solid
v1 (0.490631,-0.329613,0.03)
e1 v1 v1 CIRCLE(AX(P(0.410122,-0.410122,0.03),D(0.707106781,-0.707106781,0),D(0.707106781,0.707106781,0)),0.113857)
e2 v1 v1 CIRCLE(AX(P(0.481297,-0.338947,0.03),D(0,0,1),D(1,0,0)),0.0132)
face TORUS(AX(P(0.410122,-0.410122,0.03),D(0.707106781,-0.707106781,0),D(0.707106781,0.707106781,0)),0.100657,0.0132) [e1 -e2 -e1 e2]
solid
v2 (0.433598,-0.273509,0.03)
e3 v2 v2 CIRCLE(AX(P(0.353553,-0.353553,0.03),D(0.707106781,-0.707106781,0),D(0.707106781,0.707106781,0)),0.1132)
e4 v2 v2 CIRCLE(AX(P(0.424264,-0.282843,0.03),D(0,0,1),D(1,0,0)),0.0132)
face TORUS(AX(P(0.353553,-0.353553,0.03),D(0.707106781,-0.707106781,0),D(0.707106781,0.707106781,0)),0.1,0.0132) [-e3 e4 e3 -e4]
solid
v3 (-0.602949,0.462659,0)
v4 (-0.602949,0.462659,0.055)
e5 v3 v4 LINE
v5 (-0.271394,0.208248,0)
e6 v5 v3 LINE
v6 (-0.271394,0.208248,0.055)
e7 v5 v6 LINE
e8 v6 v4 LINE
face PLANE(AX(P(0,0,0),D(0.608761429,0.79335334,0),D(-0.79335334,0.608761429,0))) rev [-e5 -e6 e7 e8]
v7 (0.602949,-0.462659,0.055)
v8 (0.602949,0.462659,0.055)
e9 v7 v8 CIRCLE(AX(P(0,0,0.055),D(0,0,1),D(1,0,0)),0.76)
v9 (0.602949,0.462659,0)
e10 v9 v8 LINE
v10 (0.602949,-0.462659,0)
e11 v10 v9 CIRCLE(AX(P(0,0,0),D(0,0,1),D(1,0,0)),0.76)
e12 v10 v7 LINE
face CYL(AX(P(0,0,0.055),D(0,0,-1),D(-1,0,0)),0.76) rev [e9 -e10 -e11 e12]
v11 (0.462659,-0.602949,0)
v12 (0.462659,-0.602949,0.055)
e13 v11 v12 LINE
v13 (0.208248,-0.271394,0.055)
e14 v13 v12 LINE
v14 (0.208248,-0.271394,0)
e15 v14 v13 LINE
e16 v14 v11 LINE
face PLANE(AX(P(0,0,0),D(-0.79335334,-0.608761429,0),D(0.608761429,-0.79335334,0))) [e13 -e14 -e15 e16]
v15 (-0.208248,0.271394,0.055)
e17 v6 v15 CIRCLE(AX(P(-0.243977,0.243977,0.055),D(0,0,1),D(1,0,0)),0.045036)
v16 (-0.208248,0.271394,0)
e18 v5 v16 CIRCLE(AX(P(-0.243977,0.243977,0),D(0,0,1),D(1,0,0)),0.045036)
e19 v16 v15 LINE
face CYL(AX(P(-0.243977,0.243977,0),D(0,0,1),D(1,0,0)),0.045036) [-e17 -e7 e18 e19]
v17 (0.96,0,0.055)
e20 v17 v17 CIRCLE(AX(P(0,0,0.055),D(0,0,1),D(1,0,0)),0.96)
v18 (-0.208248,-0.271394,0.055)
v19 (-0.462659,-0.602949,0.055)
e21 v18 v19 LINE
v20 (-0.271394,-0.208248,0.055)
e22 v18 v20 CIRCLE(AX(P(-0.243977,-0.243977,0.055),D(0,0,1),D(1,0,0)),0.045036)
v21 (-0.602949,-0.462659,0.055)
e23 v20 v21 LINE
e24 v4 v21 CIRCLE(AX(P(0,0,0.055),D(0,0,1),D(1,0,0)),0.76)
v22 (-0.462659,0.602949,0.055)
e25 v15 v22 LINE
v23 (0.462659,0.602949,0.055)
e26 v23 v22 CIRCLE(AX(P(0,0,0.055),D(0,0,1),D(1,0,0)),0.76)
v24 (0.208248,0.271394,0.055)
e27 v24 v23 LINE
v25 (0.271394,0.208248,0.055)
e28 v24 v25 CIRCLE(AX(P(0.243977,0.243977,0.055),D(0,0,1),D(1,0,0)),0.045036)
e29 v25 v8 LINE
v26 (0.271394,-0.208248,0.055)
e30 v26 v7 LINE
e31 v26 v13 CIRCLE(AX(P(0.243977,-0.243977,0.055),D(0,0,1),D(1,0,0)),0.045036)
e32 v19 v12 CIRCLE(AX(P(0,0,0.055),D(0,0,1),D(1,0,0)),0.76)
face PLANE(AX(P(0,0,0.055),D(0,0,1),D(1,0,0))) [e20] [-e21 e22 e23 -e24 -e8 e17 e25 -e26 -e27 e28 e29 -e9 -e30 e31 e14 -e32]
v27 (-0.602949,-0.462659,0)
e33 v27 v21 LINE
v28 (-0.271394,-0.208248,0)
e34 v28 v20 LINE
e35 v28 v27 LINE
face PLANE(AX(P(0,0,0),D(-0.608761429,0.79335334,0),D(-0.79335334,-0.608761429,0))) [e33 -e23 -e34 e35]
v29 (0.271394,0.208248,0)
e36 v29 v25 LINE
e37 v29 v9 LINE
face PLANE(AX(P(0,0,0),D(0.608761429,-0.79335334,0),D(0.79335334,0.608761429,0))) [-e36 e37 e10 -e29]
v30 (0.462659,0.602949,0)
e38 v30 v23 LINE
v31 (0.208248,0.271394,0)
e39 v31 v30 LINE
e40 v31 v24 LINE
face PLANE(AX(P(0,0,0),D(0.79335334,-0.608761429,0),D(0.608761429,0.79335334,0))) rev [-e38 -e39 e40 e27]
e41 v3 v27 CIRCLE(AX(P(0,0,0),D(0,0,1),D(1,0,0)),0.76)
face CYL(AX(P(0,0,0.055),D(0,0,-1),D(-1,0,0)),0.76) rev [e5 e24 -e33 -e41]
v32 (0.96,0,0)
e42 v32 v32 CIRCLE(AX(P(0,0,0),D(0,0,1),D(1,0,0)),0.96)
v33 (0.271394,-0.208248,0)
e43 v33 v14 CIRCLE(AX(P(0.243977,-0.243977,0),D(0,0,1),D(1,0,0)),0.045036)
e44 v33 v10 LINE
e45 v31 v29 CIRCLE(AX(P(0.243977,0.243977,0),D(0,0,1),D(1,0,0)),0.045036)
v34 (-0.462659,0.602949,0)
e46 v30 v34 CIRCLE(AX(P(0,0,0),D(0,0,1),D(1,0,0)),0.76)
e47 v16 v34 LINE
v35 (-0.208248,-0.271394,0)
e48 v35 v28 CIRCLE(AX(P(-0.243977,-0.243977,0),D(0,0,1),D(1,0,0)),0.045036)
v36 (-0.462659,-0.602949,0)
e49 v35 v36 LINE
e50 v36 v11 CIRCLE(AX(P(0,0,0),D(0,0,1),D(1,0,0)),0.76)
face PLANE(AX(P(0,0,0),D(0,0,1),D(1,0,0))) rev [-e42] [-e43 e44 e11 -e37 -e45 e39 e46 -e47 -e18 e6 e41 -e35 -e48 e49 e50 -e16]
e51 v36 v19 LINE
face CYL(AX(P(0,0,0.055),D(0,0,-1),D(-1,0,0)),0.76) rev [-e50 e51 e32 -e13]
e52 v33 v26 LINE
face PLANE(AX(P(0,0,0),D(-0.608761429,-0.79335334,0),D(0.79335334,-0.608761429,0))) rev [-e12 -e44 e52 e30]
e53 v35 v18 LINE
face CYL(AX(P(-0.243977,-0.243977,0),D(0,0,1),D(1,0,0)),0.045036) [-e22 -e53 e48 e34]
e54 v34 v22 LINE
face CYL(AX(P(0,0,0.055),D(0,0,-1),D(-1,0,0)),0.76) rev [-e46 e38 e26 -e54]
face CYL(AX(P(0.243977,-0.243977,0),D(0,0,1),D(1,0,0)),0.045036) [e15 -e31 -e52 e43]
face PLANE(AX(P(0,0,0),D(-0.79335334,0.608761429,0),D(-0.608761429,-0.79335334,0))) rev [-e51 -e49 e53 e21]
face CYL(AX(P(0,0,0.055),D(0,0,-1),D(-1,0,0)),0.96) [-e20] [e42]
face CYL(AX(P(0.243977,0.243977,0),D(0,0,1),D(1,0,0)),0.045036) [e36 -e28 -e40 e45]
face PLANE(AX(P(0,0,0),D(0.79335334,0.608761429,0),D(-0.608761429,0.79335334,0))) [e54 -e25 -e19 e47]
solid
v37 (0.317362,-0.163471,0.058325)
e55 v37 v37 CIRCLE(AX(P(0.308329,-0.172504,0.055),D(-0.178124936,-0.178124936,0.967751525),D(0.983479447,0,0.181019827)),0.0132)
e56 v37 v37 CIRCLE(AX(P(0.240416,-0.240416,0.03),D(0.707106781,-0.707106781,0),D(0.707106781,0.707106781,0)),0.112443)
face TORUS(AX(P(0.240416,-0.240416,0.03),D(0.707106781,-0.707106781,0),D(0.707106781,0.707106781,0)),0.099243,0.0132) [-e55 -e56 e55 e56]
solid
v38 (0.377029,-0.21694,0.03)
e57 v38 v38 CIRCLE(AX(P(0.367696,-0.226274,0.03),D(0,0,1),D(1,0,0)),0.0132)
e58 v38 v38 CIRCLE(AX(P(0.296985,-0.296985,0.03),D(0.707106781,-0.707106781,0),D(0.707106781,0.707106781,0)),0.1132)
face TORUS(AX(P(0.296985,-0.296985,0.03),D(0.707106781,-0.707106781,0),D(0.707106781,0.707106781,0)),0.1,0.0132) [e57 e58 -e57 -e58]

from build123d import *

# Parameters (mm, degrees)
SKETCH_1_R      = 0.96
SKETCH_1_R_2    = 0.76
EXTRUDE_1_DEPTH = 0.055
EXTRUDE_START   = -0.055
EXTRUDE_2_DEPTH = 0.055
SKETCH_73_R     = 0.0132
SKETCH_82_R     = 0.0132
SKETCH_84_R     = 0.0132
SKETCH_86_R     = 0.0132


with BuildPart() as part:
    # 草圖1 → 填料-伸長1 (new body)
    with BuildSketch(Plane.XY):
        Circle(SKETCH_1_R)
        Circle(SKETCH_1_R_2, mode=Mode.SUBTRACT)
    extrude(amount=EXTRUDE_1_DEPTH)

    # 草圖2 → 填料-伸長2 (add)
    with BuildSketch(Plane.XY.offset(0.055).offset(EXTRUDE_START)):
        with BuildLine():
            Line((-0.208247811, 0.271393831), (-0.462658686, 0.602948539))
            ThreePointArc((-0.462658686, 0.602948539), (-0.537401154, 0.537401154), (-0.602948539, 0.462658686))
            Line((-0.602948539, 0.462658686), (-0.271393831, 0.208247811))
            ThreePointArc((-0.271393831, 0.208247811), (-0.241031974, 0.199037642), (-0.212132034, 0.212132034))
            ThreePointArc((-0.212132034, 0.212132034), (-0.199037642, 0.241031974), (-0.208247811, 0.271393831))
        make_face()
        with BuildLine():
            ThreePointArc((0.208247811, 0.271393831), (0.199037642, 0.241031974), (0.212132034, 0.212132034))
            ThreePointArc((0.212132034, 0.212132034), (0.241031974, 0.199037642), (0.271393831, 0.208247811))
            Line((0.271393831, 0.208247811), (0.602948539, 0.462658686))
            ThreePointArc((0.602948539, 0.462658686), (0.537401154, 0.537401154), (0.462658686, 0.602948539))
            Line((0.462658686, 0.602948539), (0.208247811, 0.271393831))
        make_face()
        with BuildLine():
            ThreePointArc((0.271393831, -0.208247811), (0.241031974, -0.199037642), (0.212132034, -0.212132034))
            ThreePointArc((0.212132034, -0.212132034), (0.199037642, -0.241031974), (0.208247811, -0.271393831))
            Line((0.208247811, -0.271393831), (0.462658686, -0.602948539))
            ThreePointArc((0.462658686, -0.602948539), (0.537401154, -0.537401154), (0.602948539, -0.462658686))
            Line((0.602948539, -0.462658686), (0.271393831, -0.208247811))
        make_face()
        with BuildLine():
            ThreePointArc((-0.208247811, -0.271393831), (-0.199037642, -0.241031974), (-0.212132034, -0.212132034))
            ThreePointArc((-0.212132034, -0.212132034), (-0.241031974, -0.199037642), (-0.271393831, -0.208247811))
            Line((-0.271393831, -0.208247811), (-0.602948539, -0.462658686))
            ThreePointArc((-0.602948539, -0.462658686), (-0.537401154, -0.537401154), (-0.462658686, -0.602948539))
            Line((-0.462658686, -0.602948539), (-0.208247811, -0.271393831))
        make_face()
    extrude(amount=EXTRUDE_2_DEPTH)


with BuildPart() as body_2:
    # 掃出2: sweep along a path in 草圖72
    with BuildLine(Plane(origin=(0.353553391, -0.353553391, 0), x_dir=(0, 0, -1), z_dir=(0.7071067811865487, -0.7071067811865464, 0))) as sweep_2_path:
        CenterArc((-0.03, 0), 0.1, 0, 360)
    # 草圖73 → 掃出2 (sweep)
    with BuildSketch(Plane(origin=(0.424264069, -0.282842712, 0.03), x_dir=(1, 0, 0), z_dir=(0, 0, 1))):
        Circle(SKETCH_73_R)
    sweep(path=sweep_2_path.line)


with BuildPart() as body_3:
    # 掃出3: sweep along a path in 草圖77
    with BuildLine(Plane(origin=(0.240416306, -0.240416306, 0), x_dir=(0.7071067811865477, 0.7071067811865475, 0), z_dir=(0.7071067811865475, -0.7071067811865477, 0))) as sweep_3_path:
        CenterArc((0, 0.03), 0.1, 0, 360)
    # 草圖82 → 掃出3 (sweep)
    with BuildSketch(Plane(origin=(0.308328718, -0.172503894, 0.055), x_dir=(0.9840078796117616, -0.032244145112418646, 0.17518221361751976), z_dir=(-0.17812493610375005, -0.17812493610374996, 0.9677515250703923))):
        Circle(SKETCH_82_R)
    sweep(path=sweep_3_path.line)


with BuildPart() as body_4:
    # 掃出4: sweep along a path in 草圖83
    with BuildLine(Plane(origin=(0.296984848, -0.296984848, 0), x_dir=(0, 0, -1), z_dir=(0.7071067811865487, -0.7071067811865464, 0))) as sweep_4_path:
        CenterArc((-0.03, 0), 0.1, 0, 360)
    # 草圖84 → 掃出4 (sweep)
    with BuildSketch(Plane(origin=(0.367695526, -0.22627417, 0.03), x_dir=(1, 0, 0), z_dir=(0, 0, 1))):
        Circle(SKETCH_84_R)
    sweep(path=sweep_4_path.line)


with BuildPart() as body_5:
    # 掃出5: sweep along a path in 草圖85
    with BuildLine(Plane(origin=(0.410121933, -0.410121933, 0), x_dir=(0, 0, -1), z_dir=(0.7071067811865487, -0.7071067811865464, 0))) as sweep_5_path:
        CenterArc((-0.03, 0), 0.100656985, 0, 360)
    # 草圖86 → 掃出5 (sweep)
    with BuildSketch(Plane(origin=(0.424264069, -0.282842712, 0.03), x_dir=(1, 0, 0), z_dir=(0, 0, 1))):
        with Locations((0.057033101, -0.056103984)):
            Circle(SKETCH_86_R)
    sweep(path=sweep_5_path.line)


solid = Compound([part.part, body_2.part, body_3.part, body_4.part, body_5.part])
